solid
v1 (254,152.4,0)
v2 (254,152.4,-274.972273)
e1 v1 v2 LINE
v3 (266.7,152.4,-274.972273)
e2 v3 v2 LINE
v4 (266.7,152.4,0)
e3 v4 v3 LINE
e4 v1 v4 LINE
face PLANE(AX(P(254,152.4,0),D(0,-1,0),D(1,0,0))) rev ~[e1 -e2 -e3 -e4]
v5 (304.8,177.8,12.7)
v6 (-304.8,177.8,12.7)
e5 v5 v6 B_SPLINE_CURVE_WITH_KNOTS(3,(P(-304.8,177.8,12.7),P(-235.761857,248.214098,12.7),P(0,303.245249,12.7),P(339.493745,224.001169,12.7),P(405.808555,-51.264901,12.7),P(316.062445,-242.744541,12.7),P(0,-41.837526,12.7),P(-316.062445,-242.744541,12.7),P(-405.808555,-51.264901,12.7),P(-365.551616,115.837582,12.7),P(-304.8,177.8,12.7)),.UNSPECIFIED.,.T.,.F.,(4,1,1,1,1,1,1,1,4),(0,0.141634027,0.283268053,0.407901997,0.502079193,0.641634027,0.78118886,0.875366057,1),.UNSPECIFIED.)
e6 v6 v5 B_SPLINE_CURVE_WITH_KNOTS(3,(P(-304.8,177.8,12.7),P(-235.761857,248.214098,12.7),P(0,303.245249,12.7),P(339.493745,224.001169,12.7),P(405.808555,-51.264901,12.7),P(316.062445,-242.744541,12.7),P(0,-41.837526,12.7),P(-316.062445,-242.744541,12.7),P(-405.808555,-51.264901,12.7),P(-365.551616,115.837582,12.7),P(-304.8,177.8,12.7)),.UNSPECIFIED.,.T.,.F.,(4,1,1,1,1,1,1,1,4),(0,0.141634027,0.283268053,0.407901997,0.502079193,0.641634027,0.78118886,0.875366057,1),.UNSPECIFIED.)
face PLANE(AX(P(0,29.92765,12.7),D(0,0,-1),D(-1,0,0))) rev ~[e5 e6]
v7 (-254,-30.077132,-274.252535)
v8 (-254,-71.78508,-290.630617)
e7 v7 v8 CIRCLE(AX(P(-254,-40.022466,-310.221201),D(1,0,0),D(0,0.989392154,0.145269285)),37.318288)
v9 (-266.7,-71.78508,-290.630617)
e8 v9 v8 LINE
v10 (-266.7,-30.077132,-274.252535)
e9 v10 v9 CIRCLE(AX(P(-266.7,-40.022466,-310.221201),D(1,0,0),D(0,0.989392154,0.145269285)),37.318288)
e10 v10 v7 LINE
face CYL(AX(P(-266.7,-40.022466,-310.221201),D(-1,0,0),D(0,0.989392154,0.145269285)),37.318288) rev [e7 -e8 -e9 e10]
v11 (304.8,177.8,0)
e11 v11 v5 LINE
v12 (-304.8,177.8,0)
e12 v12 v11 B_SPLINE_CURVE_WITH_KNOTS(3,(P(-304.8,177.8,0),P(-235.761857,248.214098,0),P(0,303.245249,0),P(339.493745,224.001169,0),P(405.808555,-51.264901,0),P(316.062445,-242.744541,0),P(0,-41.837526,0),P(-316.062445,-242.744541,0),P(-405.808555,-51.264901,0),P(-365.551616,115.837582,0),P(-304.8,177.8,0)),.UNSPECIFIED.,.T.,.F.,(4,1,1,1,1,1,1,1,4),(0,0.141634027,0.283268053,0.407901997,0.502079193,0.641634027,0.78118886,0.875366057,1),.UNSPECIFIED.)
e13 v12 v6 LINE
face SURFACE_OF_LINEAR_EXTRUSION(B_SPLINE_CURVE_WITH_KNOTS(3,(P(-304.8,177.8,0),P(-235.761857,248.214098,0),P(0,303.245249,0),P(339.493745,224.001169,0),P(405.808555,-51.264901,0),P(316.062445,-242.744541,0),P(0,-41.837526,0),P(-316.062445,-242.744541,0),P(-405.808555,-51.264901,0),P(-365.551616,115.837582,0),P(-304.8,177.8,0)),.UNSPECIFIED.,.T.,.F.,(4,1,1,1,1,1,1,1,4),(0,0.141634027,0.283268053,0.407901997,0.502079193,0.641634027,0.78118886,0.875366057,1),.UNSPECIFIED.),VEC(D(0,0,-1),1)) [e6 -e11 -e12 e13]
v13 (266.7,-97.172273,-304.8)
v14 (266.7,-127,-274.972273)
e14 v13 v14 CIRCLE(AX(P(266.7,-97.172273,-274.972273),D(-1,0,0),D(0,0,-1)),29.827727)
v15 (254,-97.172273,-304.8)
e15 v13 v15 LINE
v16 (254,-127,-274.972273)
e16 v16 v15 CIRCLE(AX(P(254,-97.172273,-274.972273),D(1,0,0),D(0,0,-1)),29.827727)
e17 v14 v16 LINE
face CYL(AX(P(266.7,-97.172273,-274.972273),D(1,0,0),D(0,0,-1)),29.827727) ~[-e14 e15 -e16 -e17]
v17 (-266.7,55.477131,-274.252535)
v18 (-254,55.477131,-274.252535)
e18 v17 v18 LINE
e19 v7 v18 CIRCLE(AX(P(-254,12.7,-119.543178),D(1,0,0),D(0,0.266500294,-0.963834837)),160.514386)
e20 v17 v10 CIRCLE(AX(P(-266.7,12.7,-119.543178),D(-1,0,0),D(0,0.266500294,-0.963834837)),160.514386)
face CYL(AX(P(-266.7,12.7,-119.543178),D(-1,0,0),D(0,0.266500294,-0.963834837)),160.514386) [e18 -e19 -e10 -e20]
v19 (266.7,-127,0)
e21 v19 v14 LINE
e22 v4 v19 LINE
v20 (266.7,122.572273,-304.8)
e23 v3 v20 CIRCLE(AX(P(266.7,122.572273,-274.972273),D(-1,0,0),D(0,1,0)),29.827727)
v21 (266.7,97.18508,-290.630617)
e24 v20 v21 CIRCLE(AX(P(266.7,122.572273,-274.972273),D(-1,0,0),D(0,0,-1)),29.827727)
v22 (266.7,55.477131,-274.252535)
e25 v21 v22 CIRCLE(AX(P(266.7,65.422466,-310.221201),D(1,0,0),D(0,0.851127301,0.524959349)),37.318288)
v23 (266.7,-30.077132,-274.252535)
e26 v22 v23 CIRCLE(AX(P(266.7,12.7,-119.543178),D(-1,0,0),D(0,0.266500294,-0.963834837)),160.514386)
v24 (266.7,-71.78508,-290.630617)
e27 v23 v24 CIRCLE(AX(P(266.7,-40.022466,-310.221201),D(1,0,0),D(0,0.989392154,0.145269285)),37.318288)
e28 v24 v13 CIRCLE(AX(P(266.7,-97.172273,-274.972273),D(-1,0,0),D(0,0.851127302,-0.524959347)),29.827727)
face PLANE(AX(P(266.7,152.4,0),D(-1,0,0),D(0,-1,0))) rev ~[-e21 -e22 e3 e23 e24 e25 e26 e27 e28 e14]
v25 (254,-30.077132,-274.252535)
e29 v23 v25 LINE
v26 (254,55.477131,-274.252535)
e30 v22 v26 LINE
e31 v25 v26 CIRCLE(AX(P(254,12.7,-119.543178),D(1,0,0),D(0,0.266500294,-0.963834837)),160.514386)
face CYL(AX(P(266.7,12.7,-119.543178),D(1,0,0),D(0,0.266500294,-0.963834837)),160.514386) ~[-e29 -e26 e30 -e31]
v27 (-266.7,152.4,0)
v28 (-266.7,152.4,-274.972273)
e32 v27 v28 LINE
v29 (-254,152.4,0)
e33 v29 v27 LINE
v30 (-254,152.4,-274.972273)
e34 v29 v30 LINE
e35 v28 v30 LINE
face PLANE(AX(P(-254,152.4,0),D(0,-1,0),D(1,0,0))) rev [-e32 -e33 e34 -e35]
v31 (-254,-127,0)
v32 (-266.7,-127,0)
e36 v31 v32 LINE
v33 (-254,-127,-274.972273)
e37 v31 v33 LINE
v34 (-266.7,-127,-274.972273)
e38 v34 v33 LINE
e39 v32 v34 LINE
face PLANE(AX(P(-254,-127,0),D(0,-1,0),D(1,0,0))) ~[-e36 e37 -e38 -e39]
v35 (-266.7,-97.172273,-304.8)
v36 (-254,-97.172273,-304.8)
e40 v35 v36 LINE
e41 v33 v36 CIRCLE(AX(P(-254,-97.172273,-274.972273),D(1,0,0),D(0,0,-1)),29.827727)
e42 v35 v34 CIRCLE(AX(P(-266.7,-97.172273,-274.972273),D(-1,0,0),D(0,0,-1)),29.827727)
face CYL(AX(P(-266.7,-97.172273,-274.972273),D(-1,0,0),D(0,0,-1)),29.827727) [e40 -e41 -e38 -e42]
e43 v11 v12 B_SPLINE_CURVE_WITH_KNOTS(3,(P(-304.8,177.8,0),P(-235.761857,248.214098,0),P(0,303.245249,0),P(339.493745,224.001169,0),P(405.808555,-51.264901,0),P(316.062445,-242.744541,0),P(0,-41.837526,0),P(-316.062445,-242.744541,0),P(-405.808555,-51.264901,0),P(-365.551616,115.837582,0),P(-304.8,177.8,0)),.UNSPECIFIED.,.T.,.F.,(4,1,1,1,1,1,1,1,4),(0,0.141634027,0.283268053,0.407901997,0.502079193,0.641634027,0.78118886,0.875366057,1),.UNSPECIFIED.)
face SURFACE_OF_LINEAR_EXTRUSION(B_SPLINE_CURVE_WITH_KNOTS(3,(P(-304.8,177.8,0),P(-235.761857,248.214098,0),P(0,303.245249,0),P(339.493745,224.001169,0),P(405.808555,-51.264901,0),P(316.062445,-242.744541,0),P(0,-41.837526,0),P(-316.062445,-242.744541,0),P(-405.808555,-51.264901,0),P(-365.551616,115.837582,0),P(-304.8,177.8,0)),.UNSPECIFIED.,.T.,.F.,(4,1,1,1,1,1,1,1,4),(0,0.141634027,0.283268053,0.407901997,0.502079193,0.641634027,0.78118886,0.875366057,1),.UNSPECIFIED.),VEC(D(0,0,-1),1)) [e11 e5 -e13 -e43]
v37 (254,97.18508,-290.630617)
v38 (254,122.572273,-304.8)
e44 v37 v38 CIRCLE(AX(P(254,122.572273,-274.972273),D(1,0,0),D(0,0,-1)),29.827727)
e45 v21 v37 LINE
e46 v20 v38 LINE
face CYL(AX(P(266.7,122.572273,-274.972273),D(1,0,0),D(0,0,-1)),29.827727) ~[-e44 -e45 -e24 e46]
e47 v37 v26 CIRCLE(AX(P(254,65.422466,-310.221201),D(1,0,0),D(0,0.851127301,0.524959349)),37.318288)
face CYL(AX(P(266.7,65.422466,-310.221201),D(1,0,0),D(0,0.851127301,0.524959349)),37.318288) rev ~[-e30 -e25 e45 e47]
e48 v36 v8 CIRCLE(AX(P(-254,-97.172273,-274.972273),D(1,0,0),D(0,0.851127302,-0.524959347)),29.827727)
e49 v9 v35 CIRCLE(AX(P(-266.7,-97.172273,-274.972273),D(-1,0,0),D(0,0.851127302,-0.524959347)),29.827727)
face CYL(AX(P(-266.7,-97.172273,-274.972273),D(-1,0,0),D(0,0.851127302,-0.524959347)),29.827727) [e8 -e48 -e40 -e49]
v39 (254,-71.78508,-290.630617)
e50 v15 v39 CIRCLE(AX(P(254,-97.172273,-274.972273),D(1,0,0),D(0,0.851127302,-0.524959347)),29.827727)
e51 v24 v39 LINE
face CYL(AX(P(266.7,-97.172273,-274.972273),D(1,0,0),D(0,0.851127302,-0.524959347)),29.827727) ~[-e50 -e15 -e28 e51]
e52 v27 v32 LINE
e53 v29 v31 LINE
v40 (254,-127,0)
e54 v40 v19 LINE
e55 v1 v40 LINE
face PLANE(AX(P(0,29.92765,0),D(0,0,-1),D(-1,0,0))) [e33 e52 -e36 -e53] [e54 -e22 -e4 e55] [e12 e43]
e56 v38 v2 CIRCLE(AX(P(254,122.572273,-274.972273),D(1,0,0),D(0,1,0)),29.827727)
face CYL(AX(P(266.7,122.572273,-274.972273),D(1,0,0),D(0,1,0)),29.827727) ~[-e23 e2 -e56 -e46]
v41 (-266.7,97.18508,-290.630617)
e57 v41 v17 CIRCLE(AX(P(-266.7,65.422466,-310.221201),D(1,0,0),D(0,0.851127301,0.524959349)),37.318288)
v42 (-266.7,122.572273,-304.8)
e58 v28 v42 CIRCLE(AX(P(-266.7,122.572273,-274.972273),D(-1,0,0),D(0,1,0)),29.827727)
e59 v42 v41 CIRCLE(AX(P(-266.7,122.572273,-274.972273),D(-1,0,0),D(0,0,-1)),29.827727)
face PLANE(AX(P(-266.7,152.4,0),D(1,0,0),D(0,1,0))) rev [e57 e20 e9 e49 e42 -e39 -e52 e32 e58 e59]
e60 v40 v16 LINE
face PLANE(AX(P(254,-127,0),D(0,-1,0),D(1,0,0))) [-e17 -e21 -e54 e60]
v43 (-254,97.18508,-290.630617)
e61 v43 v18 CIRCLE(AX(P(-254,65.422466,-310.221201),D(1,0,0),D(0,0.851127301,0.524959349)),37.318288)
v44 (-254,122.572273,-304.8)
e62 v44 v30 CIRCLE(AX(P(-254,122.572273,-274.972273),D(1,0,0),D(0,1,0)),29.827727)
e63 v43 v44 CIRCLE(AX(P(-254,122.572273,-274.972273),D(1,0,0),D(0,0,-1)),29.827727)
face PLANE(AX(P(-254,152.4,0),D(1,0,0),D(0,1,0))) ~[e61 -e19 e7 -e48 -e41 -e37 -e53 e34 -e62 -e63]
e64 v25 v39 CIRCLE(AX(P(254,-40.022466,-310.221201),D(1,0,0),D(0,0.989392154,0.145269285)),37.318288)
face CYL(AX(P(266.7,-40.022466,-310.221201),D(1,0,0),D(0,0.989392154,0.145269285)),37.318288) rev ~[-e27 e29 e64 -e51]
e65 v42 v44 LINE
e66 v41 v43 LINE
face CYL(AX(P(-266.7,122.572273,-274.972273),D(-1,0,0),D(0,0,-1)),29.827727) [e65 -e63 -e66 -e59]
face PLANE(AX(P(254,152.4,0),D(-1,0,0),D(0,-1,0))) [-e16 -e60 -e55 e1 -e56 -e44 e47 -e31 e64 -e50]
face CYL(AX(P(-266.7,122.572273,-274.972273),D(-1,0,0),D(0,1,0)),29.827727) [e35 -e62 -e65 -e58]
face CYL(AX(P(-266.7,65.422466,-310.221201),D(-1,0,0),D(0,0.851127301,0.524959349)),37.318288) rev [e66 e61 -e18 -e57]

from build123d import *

# Parameters (mm, degrees)
F1_DEPTH = 12.7
F2_W     = 12.7
F2_H     = 279.4
F3_DEPTH = 304.8
F5_DEPTH = 648.7805621686


with BuildPart() as f1:
    # F0 (on Top) → F1 (new body)
    with BuildSketch(Plane.XY):
        with BuildLine():
            add(Edge.make_bspline(
                [(-304.8, 177.8), (-235.761857125, 248.2140980671), (0, 303.2452493038), (339.4937448826, 224.0011686608), (405.8085553999, -51.2649010248), (316.0624451198, -242.7445409177), (0, -41.8375263319), (-316.0624451198, -242.7445409177), (-405.8085553999, -51.2649010248), (-365.5516158468, 115.837582446), (-304.8, 177.8)],
                knots=[0, 0, 0, 0, 0.1416340267, 0.2832680533, 0.4079019966, 0.5020791933, 0.6416340267, 0.7811888601, 0.8753660568, 1, 1, 1, 1], degree=3))
        make_face()
    extrude(amount=F1_DEPTH)

    # F2 (on face) → F3 (join)
    with BuildSketch(Plane(origin=(0, 0, 0), x_dir=(1, 0, 0), z_dir=(0, 0, -1))):
        with Locations((260.35, -12.7)):
            Rectangle(F2_W, F2_H)
    extrude(amount=F3_DEPTH)

    # F4 (on face) → F5 (cut, through all)
    with BuildSketch(Plane.YZ.offset(266.7)):
        with BuildLine():
            Line((152.4, -304.8), (152.4, -274.9722728899))
            ThreePointArc((152.4, -274.9722728899), (143.6636609968, -296.0636609968), (122.5722728899, -304.8))
            Line((122.5722728899, -304.8), (152.4, -304.8))
        make_face()
        with BuildLine():
            ThreePointArc((122.5722728899, -304.8), (108.0354145998, -301.0178685945), (97.1850797966, -290.6306167166))
            ThreePointArc((97.1850797966, -290.6306167166), (100.4881382805, -297.4519702272), (102.3448874623, -304.8))
            Line((102.3448874623, -304.8), (122.5722728899, -304.8))
        make_face()
        with BuildLine():
            ThreePointArc((97.1850797966, -290.6306167166), (79.0628033939, -275.4851127104), (55.4771309398, -274.2525347182))
            ThreePointArc((55.4771309398, -274.2525347182), (37.4504519369, -285.5185476746), (28.5000441231, -304.8))
            Line((28.5000441231, -304.8), (102.3448874623, -304.8))
            ThreePointArc((102.3448874623, -304.8), (100.4881382805, -297.4519702272), (97.1850797966, -290.6306167166))
        make_face()
        with BuildLine():
            ThreePointArc((55.4771309398, -274.2525347182), (12.6999996395, -280.0575636007), (-30.0771316348, -274.2525345261))
            ThreePointArc((-30.0771316348, -274.2525345261), (-12.0504521756, -285.5185474044), (-3.1000441231, -304.8))
            Line((-3.1000441231, -304.8), (28.5000441231, -304.8))
            ThreePointArc((28.5000441231, -304.8), (37.4504519369, -285.5185476746), (55.4771309398, -274.2525347182))
        make_face()
        with BuildLine():
            ThreePointArc((-30.0771316348, -274.2525345261), (-53.662803897, -275.485112908), (-71.7850799856, -290.6306170229))
            ThreePointArc((-71.7850799856, -290.6306170229), (-75.0881383421, -297.4519703963), (-76.9448874623, -304.8))
            Line((-76.9448874623, -304.8), (-3.1000441231, -304.8))
            ThreePointArc((-3.1000441231, -304.8), (-12.0504521756, -285.5185474044), (-30.0771316348, -274.2525345261))
        make_face()
        with BuildLine():
            ThreePointArc((-76.9448874623, -304.8), (-75.0881383421, -297.4519703963), (-71.7850799856, -290.6306170229))
            ThreePointArc((-71.7850799856, -290.6306170229), (-82.635414757, -301.0178686822), (-97.17227289, -304.8))
            Line((-97.17227289, -304.8), (-76.9448874623, -304.8))
        make_face()
        with BuildLine():
            ThreePointArc((-97.17227289, -304.8), (-118.2636609968, -296.0636609968), (-127, -274.9722728899))
            Line((-127, -274.9722728899), (-127, -304.8))
            Line((-127, -304.8), (-97.17227289, -304.8))
        make_face()
    extrude(amount=-F5_DEPTH, mode=Mode.SUBTRACT)

    # F6: F1 across plane


with BuildPart() as f1_1:
    add(f1.part)
    add(f1.part.mirror(Plane.YZ))


solid = f1_1.part
